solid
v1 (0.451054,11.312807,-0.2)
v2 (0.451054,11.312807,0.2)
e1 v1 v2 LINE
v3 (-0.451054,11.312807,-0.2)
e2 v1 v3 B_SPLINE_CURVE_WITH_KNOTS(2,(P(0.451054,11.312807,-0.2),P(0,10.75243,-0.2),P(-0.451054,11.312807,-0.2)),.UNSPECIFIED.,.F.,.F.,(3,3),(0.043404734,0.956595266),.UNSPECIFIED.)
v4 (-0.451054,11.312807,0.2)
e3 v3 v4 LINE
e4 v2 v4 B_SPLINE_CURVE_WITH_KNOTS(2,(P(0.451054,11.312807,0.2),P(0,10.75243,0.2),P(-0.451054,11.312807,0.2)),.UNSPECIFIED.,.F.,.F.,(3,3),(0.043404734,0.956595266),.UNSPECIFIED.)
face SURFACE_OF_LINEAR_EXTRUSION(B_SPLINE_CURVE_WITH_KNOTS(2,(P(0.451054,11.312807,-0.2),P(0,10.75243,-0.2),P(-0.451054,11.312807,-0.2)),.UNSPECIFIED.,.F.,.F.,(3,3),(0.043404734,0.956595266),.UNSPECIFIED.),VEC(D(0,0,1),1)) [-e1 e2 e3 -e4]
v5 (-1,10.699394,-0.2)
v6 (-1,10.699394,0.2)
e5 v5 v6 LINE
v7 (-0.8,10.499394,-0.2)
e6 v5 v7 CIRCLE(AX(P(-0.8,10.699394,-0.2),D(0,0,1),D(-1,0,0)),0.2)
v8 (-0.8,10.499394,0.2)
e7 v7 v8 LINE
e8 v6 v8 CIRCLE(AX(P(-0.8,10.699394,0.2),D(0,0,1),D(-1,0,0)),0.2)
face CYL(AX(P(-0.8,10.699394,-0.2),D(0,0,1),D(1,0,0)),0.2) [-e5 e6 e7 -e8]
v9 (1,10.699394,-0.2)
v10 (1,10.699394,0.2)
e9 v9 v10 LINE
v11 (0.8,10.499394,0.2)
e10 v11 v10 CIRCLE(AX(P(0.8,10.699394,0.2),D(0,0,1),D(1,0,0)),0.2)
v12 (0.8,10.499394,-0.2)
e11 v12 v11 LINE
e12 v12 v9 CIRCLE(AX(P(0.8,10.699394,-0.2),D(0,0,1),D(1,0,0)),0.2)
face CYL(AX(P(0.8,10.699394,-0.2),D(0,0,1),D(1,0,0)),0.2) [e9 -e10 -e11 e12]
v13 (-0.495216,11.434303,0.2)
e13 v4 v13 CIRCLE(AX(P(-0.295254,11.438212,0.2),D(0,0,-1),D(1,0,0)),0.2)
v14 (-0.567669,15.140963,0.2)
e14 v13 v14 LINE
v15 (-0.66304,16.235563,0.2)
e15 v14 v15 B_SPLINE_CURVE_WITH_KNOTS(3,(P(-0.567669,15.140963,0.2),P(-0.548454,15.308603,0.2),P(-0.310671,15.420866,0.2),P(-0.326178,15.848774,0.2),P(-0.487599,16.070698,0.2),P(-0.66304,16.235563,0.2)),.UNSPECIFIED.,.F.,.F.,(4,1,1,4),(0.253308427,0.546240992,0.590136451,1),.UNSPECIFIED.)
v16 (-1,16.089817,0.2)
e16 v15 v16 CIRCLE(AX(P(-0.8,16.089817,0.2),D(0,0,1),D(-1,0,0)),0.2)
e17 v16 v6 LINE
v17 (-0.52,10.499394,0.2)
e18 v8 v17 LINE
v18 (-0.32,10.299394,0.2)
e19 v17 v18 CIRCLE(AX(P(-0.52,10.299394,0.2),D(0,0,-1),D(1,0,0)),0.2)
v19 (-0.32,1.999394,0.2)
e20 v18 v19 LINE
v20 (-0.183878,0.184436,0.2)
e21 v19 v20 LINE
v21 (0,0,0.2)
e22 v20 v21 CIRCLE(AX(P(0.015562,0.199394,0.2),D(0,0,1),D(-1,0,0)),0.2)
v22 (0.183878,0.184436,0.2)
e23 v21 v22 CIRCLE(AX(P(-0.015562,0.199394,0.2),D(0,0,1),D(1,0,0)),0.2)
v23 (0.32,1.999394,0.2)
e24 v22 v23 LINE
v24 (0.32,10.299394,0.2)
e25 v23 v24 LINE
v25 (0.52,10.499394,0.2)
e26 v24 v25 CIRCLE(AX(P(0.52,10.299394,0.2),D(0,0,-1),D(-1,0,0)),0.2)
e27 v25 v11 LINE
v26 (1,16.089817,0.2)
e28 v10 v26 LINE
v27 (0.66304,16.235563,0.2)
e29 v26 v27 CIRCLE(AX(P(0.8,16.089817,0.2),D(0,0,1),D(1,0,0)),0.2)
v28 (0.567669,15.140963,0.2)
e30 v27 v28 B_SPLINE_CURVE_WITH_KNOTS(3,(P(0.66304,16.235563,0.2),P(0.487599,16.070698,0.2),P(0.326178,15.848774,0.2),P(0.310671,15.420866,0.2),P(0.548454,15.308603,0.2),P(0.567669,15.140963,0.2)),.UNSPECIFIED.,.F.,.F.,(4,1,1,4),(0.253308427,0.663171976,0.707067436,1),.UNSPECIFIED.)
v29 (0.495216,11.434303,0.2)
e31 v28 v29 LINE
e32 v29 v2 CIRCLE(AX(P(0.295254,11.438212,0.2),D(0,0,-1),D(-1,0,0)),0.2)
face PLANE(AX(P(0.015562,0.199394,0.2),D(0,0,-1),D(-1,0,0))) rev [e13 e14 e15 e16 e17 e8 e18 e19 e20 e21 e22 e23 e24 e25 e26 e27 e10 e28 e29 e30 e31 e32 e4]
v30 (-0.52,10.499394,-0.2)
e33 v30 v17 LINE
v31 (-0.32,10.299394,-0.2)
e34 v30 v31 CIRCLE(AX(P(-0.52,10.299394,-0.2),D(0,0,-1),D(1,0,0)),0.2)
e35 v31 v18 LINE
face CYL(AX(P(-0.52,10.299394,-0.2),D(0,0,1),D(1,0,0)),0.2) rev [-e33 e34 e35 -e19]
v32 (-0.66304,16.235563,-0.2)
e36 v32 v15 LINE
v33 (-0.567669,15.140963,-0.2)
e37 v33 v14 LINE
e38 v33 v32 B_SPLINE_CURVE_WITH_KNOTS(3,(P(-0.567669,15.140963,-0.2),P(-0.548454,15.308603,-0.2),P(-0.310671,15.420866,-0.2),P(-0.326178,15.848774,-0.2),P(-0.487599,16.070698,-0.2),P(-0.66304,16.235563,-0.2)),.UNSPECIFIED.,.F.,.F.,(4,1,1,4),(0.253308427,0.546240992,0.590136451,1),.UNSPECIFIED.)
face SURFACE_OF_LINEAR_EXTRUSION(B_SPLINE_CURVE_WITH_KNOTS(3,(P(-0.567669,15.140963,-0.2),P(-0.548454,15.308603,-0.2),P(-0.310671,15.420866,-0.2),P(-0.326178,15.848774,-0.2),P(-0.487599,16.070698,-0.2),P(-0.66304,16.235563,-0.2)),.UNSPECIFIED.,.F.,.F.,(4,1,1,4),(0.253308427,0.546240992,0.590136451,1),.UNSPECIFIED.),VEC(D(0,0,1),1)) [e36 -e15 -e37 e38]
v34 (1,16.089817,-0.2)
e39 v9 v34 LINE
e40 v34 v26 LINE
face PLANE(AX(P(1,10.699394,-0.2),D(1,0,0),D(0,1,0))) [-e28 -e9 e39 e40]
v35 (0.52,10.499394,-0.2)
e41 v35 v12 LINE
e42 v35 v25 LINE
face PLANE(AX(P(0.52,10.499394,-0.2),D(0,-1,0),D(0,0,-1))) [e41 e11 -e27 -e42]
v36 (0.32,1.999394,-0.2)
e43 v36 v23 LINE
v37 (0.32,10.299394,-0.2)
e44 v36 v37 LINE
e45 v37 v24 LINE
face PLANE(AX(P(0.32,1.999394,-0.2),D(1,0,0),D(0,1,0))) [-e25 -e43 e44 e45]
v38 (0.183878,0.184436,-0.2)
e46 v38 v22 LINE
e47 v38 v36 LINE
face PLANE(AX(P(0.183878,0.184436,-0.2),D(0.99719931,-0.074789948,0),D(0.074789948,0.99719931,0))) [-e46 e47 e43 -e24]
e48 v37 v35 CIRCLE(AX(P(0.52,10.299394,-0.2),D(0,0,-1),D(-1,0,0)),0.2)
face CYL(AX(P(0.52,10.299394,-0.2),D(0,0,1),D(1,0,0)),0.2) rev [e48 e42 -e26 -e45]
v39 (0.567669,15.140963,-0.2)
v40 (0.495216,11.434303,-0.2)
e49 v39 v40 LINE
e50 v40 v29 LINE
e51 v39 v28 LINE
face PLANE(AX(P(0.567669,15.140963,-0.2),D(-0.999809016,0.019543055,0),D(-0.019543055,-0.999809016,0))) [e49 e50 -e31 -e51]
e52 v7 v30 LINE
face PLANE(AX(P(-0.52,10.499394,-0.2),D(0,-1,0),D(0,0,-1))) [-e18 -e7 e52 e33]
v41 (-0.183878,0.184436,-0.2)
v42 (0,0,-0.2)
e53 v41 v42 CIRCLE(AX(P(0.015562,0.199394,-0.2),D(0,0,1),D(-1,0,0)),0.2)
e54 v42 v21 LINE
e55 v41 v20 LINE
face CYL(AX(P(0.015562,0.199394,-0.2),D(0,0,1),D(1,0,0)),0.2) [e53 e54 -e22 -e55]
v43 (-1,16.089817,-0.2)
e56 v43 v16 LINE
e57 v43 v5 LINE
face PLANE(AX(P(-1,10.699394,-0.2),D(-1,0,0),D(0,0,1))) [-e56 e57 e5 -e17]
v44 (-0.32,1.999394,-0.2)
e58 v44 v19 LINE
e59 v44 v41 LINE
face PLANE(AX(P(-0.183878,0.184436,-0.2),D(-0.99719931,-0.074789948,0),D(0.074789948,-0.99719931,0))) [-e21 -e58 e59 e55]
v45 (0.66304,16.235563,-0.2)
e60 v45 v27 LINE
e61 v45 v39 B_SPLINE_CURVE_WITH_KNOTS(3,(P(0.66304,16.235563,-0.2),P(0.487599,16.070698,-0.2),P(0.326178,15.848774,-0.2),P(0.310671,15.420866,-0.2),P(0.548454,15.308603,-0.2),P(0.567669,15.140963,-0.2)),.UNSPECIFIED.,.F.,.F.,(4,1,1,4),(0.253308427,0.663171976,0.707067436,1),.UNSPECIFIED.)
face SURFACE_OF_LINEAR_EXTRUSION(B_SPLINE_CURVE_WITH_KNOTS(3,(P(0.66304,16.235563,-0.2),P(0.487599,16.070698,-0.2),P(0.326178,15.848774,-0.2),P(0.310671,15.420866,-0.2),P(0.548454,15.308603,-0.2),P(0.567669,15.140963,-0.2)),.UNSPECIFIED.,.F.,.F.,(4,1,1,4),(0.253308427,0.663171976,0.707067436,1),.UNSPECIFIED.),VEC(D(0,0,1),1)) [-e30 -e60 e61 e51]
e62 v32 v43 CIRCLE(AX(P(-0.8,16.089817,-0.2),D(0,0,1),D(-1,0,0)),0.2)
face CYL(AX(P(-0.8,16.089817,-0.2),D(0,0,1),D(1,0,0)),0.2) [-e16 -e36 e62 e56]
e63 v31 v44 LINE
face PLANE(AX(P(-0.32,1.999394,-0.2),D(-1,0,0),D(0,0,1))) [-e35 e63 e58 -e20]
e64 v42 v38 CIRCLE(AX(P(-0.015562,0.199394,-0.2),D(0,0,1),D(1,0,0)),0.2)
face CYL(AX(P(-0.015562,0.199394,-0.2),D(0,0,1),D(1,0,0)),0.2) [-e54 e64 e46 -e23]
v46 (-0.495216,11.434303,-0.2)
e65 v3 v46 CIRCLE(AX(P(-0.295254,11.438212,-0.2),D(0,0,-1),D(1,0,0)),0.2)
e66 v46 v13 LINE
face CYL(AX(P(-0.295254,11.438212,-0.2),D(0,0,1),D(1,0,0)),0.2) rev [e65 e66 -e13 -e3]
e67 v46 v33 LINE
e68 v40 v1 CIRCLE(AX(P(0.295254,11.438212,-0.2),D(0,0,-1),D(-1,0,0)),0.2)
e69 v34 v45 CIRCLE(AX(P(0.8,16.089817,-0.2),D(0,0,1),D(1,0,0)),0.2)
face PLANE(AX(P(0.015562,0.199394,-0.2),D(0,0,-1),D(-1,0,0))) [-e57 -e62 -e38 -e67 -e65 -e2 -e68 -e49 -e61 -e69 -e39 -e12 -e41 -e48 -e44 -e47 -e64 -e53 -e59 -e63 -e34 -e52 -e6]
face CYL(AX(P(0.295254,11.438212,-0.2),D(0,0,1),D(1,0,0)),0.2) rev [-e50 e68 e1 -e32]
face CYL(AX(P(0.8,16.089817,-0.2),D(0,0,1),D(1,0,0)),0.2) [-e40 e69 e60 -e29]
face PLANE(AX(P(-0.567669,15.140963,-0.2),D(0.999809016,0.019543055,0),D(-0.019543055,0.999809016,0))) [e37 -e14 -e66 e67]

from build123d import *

# Parameters (mm, degrees)
BOSS_EXTRUDE1_DEPTH = 0.2


with BuildPart() as part:
    # Sketch1 → Boss-Extrude1 (new body, symmetric)
    with BuildSketch(Plane.XY):
        with BuildLine():
            Line((-0.32, 1.999393664), (-0.32, 10.299393664))
            ThreePointArc((-0.32, 10.299393664), (-0.378578644, 10.44081502), (-0.52, 10.499393664))
            Line((-0.52, 10.499393664), (-0.8, 10.499393664))
            ThreePointArc((-0.8, 10.499393664), (-0.941421356, 10.557972308), (-1, 10.699393664))
            Line((-1, 10.699393664), (-1, 16.089817201))
            ThreePointArc((-1, 16.089817201), (-0.87939743, 16.273382034), (-0.663039519, 16.235562961))
            add(Edge.make_bspline(
                [(-0.663039519, 16.235562961), (-0.487599251, 16.070697902), (-0.326177604, 15.848773555), (-0.310671132, 15.420865905), (-0.548453888, 15.308603212), (-0.567669208, 15.140963485)],
                knots=[0.253308427, 0.253308427, 0.253308427, 0.253308427, 0.663171976, 0.707067436, 1, 1, 1, 1], degree=3))
            Line((-0.567669208, 15.140963485), (-0.495215905, 11.434303234))
            ThreePointArc((-0.495215905, 11.434303234), (-0.483221967, 11.369888483), (-0.451053839, 11.312806733))
            add(Edge.make_bspline(
                [(-0.451053839, 11.312806733), (0, 10.752430299), (0.451053839, 11.312806733)],
                knots=[0.043404734, 0.043404734, 0.043404734, 0.956595266, 0.956595266, 0.956595266], degree=2))
            ThreePointArc((0.451053839, 11.312806733), (0.483221967, 11.369888483), (0.495215905, 11.434303234))
            Line((0.495215905, 11.434303234), (0.567669208, 15.140963485))
            add(Edge.make_bspline(
                [(0.663039519, 16.235562961), (0.487599251, 16.070697902), (0.326177604, 15.848773555), (0.310671132, 15.420865905), (0.548453888, 15.308603212), (0.567669208, 15.140963485)],
                knots=[0.253308427, 0.253308427, 0.253308427, 0.253308427, 0.663171976, 0.707067436, 1, 1, 1, 1], degree=3))
            ThreePointArc((0.663039519, 16.235562961), (0.87939743, 16.273382034), (1, 16.089817201))
            Line((1, 16.089817201), (1, 10.699393664))
            ThreePointArc((1, 10.699393664), (0.941421356, 10.557972308), (0.8, 10.499393664))
            Line((0.8, 10.499393664), (0.52, 10.499393664))
            ThreePointArc((0.52, 10.499393664), (0.378578644, 10.44081502), (0.32, 10.299393664))
            Line((0.32, 10.299393664), (0.32, 1.999393664))
            Line((0.32, 1.999393664), (0.183878151, 0.184435674))
            ThreePointArc((0.183878151, 0.184435674), (0.126073555, 0.058186541), (0, 0))
            ThreePointArc((0, 0), (-0.126073555, 0.058186541), (-0.183878151, 0.184435674))
            Line((-0.183878151, 0.184435674), (-0.32, 1.999393664))
        make_face()
    extrude(amount=BOSS_EXTRUDE1_DEPTH, both=True)


solid = part.part
